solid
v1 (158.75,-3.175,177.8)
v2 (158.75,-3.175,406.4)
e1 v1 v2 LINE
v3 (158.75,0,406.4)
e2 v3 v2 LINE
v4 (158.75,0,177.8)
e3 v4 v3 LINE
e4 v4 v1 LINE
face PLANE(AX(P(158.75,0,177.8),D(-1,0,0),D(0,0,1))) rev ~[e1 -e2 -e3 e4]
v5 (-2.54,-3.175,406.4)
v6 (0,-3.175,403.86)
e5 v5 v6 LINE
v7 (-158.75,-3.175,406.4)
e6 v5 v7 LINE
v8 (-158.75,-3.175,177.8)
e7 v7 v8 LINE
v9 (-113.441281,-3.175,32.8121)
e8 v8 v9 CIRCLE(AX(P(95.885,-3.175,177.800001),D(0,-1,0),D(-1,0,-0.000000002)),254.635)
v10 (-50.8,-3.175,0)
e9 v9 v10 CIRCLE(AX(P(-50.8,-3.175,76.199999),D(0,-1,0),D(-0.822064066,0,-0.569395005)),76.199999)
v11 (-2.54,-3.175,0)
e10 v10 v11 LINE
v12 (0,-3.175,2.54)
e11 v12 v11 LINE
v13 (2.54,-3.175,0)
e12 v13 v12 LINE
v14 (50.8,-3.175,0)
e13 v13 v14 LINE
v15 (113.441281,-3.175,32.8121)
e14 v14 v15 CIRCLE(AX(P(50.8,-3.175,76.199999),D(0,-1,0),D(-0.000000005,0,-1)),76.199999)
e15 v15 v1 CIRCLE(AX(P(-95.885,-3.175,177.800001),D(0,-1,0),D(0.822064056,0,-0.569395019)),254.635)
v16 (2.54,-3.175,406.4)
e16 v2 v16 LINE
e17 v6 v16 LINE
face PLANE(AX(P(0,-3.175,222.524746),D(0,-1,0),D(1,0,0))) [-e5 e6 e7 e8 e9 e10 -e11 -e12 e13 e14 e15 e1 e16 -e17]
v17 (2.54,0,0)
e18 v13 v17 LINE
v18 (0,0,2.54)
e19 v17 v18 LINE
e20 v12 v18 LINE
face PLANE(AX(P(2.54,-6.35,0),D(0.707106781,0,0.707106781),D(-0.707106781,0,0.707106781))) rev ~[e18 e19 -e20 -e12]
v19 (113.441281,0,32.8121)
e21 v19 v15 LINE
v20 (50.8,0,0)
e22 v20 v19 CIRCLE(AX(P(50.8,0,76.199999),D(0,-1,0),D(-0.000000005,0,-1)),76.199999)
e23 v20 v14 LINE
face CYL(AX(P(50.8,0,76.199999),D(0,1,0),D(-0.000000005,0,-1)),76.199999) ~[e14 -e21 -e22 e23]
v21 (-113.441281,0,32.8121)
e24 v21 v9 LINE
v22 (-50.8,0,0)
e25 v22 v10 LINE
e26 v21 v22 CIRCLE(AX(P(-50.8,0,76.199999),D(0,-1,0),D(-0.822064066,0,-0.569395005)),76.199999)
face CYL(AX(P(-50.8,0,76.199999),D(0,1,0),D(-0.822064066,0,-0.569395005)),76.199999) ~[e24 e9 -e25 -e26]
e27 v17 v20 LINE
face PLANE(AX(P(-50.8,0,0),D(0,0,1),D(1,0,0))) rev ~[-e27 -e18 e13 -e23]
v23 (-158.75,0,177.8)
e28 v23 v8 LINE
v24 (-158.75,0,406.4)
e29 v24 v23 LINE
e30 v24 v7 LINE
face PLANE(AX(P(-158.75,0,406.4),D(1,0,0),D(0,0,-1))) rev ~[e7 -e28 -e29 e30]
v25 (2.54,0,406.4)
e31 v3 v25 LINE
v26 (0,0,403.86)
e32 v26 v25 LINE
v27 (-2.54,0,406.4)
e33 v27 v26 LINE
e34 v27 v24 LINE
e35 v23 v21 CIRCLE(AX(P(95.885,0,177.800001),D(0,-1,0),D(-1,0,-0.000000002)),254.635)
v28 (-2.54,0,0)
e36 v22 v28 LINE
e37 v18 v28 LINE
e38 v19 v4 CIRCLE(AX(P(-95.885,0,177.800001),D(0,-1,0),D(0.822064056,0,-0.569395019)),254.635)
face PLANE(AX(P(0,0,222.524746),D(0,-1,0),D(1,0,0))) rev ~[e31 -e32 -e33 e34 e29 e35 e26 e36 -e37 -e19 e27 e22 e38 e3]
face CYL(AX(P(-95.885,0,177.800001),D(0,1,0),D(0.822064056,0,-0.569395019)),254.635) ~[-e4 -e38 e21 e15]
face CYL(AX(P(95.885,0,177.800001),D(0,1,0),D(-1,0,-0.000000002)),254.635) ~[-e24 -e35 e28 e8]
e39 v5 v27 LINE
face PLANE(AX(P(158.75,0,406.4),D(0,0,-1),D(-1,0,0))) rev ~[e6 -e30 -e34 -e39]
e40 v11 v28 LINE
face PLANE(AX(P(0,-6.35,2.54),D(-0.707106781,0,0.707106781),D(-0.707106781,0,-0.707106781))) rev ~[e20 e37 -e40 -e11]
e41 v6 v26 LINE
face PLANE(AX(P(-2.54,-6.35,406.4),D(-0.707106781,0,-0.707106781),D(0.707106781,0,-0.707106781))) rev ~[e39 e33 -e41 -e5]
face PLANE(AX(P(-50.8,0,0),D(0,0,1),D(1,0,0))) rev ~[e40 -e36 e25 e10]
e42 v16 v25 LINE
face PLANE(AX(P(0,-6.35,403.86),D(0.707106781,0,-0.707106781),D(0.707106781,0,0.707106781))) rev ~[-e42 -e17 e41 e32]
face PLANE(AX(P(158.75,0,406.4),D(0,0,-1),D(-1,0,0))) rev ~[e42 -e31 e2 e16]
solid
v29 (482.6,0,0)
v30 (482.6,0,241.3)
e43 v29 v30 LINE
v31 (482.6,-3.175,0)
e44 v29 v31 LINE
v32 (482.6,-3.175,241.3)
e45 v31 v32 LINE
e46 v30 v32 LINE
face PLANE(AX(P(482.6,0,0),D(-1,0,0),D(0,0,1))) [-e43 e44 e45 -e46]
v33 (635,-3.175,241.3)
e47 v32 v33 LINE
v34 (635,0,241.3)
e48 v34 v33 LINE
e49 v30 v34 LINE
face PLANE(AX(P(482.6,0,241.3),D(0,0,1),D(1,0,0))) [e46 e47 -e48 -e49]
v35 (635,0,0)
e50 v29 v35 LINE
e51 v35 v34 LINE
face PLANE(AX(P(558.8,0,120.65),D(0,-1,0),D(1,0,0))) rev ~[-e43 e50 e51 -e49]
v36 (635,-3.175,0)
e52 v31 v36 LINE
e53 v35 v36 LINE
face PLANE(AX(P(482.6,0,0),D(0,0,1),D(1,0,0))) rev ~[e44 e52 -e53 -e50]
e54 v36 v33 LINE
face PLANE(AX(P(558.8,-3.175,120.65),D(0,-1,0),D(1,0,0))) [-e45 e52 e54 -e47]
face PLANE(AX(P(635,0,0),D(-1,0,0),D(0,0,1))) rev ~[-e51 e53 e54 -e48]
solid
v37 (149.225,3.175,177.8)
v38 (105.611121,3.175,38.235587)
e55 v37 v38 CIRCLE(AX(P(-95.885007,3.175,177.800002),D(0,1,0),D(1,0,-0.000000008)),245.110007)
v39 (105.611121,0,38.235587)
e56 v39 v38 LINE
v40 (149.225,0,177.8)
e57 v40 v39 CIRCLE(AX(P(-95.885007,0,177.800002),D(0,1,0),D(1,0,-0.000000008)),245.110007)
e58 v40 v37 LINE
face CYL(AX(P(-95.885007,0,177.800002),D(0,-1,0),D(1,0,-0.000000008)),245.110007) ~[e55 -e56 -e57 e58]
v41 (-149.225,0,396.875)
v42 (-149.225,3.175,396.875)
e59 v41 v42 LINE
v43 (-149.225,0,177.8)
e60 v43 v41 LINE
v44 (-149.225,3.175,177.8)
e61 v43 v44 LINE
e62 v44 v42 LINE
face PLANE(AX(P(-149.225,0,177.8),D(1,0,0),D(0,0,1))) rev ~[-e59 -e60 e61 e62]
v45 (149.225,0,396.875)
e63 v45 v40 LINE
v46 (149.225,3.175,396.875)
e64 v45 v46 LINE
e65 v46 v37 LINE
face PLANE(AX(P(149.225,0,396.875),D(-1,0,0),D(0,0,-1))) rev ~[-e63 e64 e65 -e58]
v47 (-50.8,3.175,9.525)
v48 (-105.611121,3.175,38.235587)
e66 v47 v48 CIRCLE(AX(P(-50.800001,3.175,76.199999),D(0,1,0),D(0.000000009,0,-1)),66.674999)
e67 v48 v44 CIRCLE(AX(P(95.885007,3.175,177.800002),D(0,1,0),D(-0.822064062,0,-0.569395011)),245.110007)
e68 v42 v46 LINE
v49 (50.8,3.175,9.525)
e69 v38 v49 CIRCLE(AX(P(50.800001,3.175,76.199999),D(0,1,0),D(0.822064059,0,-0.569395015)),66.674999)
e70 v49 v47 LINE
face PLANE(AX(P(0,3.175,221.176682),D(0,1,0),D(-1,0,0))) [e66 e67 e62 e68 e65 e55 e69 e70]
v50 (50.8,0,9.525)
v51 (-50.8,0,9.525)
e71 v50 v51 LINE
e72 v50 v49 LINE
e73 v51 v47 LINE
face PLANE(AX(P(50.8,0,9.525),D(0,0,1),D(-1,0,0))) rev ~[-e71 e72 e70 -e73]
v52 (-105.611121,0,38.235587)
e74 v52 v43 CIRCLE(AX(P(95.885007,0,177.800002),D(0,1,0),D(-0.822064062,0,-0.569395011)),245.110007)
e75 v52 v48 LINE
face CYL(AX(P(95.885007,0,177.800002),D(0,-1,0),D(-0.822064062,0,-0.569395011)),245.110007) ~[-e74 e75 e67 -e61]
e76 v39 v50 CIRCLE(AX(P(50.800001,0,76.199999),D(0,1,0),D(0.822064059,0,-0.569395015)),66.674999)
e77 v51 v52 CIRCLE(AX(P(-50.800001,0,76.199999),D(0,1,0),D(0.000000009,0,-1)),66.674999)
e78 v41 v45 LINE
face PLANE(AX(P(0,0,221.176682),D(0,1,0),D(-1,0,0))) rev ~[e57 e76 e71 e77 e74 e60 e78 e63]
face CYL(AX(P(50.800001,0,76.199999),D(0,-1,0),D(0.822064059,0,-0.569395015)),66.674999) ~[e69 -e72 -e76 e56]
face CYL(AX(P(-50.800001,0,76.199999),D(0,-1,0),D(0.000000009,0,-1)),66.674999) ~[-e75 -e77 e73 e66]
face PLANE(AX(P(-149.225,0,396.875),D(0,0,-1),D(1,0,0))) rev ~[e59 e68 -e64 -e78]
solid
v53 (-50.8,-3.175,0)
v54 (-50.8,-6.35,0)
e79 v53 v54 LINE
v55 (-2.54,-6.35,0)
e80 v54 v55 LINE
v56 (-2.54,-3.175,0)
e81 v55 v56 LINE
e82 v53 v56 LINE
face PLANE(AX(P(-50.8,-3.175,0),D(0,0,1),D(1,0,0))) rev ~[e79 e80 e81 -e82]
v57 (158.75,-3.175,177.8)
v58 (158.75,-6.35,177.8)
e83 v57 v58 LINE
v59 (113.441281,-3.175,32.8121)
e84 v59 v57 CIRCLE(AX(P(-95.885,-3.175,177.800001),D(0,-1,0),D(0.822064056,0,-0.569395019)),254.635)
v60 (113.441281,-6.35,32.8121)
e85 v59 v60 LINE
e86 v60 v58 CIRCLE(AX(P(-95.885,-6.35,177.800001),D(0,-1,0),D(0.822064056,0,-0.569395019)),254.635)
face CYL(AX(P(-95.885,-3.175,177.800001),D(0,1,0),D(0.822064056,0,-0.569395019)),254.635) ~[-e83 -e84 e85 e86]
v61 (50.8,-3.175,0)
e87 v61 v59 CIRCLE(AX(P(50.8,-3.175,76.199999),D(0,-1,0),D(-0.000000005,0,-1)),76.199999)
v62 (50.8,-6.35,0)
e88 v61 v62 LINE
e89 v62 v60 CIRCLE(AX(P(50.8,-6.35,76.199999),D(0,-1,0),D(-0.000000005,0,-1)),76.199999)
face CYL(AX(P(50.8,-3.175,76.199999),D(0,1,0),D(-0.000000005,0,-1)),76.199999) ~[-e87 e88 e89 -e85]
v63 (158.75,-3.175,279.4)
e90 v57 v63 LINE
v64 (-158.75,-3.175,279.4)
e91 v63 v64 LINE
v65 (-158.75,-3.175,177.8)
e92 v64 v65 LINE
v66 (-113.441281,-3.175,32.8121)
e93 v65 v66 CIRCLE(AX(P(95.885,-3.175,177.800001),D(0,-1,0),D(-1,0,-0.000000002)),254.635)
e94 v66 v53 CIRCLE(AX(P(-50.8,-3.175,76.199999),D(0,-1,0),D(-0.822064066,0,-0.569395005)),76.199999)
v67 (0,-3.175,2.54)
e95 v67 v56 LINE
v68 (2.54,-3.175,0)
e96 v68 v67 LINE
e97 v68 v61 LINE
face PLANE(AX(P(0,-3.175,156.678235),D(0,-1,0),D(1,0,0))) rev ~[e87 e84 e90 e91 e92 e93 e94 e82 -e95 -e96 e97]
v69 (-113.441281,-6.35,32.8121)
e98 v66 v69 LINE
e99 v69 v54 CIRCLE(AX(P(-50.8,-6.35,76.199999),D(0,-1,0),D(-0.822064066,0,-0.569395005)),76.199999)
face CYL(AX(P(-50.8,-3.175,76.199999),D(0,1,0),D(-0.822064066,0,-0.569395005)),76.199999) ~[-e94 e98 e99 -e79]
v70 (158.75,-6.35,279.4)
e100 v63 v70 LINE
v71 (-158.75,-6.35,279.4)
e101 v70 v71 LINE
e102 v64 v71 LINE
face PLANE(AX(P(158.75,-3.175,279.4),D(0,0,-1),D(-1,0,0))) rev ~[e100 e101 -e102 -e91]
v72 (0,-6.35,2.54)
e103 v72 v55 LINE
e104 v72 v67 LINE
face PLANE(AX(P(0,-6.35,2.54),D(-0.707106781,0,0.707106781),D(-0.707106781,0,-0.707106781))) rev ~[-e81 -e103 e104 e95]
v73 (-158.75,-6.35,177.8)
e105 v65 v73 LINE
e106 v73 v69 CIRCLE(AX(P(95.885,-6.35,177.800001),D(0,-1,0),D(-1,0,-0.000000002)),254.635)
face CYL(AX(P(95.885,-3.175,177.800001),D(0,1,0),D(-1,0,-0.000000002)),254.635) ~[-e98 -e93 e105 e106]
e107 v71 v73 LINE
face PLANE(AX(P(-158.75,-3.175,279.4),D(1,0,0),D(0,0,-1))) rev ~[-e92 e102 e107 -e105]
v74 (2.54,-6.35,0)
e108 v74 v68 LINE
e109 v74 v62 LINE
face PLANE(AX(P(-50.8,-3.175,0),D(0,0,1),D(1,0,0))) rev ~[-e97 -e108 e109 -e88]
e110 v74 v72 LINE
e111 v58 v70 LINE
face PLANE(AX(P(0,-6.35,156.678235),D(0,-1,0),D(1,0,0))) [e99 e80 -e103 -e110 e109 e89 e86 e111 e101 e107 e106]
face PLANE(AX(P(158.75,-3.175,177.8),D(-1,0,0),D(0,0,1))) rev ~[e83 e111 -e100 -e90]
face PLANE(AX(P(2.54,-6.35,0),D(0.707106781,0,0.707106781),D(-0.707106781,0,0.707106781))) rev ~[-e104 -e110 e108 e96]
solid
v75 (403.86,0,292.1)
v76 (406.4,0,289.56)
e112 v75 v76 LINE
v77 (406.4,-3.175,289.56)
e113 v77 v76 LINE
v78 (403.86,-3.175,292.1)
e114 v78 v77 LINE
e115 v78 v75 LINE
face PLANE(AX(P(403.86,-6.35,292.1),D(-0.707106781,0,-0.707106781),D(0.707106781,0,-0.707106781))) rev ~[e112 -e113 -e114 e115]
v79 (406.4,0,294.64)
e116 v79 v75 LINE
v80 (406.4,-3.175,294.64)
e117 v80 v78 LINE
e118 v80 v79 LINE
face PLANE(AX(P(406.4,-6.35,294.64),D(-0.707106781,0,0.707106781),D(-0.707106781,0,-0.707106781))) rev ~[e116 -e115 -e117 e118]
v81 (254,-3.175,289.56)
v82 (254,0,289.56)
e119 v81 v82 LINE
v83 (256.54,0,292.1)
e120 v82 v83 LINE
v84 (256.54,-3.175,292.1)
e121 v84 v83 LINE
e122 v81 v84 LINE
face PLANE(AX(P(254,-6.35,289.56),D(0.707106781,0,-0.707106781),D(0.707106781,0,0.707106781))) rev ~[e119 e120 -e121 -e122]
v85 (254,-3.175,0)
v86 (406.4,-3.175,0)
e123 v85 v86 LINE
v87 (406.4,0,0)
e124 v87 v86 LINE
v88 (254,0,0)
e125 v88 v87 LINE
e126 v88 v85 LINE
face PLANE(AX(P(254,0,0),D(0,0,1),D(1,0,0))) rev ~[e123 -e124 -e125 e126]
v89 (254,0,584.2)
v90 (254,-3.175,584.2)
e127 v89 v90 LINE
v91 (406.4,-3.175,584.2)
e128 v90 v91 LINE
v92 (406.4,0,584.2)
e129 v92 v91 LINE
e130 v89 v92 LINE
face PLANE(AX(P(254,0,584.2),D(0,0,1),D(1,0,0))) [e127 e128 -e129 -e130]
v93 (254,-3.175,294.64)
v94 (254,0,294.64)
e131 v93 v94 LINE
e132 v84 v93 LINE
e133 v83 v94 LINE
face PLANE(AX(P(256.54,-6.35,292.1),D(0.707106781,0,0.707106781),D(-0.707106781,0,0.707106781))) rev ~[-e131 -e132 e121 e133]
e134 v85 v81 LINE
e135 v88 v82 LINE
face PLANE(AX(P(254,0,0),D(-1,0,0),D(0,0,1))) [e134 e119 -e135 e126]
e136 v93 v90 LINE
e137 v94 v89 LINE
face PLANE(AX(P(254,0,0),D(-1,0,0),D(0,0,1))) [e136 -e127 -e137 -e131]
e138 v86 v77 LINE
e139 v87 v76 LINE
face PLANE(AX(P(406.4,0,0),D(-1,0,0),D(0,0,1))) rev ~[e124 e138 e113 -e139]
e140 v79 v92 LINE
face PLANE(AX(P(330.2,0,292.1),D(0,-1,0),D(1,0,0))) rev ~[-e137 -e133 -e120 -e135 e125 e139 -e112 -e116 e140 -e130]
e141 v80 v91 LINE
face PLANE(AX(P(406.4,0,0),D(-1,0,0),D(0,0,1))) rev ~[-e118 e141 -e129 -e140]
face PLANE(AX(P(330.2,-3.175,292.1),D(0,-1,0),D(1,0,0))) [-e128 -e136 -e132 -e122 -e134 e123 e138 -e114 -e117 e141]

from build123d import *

# Parameters (mm, degrees)
F1_DEPTH = 3.175
F3_DEPTH = 3.175
F5_DEPTH = 3.175
F6_W     = 152.4
F6_H     = 584.2
F6_H_2   = 241.3
F7_DEPTH = 3.175
F9_DEPTH = 25.4


with BuildPart() as f1:
    # F0 (on Front) → F1 (new body)
    with BuildSketch(Plane.XZ):
        with BuildLine():
            Line((158.75, 177.8), (158.75, 406.4))
            Line((158.75, 406.4), (-158.75, 406.4))
            Line((-158.75, 406.4), (-158.75, 177.8))
            ThreePointArc((-158.75, 177.8), (-147.159009, 101.848747), (-113.441281, 32.8121))
            ThreePointArc((-113.441281, 32.8121), (-86.157333, 8.699637), (-50.8, 0))
            Line((-50.8, 0), (0, 0))
            Line((0, 0), (50.8, 0))
            ThreePointArc((50.8, 0), (86.157333, 8.699637), (113.441281, 32.8121))
            ThreePointArc((113.441281, 32.8121), (147.159009, 101.848747), (158.75, 177.8))
        make_face()
    extrude(amount=F1_DEPTH)


with BuildPart() as f3:
    # F2 (on face) → F3 (new body)
    with BuildSketch(Plane.XZ.offset(3.175)):
        with BuildLine():
            Line((-158.75, 279.4), (-158.75, 177.8))
            ThreePointArc((-158.75, 177.8), (-147.159009, 101.848747), (-113.441281, 32.8121))
            ThreePointArc((-113.441281, 32.8121), (-86.157333, 8.699637), (-50.8, 0))
            Line((-50.8, 0), (50.8, 0))
            ThreePointArc((50.8, 0), (86.157333, 8.699637), (113.441281, 32.8121))
            ThreePointArc((113.441281, 32.8121), (147.159009, 101.848747), (158.75, 177.8))
            Line((158.75, 177.8), (158.75, 279.4))
            Line((158.75, 279.4), (-158.75, 279.4))
        make_face()
    extrude(amount=F3_DEPTH)


with BuildPart() as f5:
    # F4 (on face) → F5 (new body)
    with BuildSketch(Plane(origin=(0, 0, 0), x_dir=(-1, 0, 0), z_dir=(0, 1, 0))):
        with BuildLine():
            Line((-50.8, 9.525), (50.8, 9.525))
            ThreePointArc((50.8, 9.525), (81.737666, 17.137182), (105.611121, 38.235587))
            ThreePointArc((105.611121, 38.235587), (138.067587, 104.689816), (149.225, 177.8))
            Line((149.225, 177.8), (149.225, 396.875))
            Line((149.225, 396.875), (-149.225, 396.875))
            Line((-149.225, 396.875), (-149.225, 177.8))
            ThreePointArc((-149.225, 177.8), (-138.067587, 104.689816), (-105.611121, 38.235587))
            ThreePointArc((-105.611121, 38.235587), (-81.737666, 17.137182), (-50.8, 9.525))
        make_face()
    extrude(amount=F5_DEPTH)


with BuildPart() as f7:
    # F6 (on Front) → F7 (new body)
    with BuildSketch(Plane.XZ):
        with Locations((330.2, 292.1)):
            Rectangle(F6_W, F6_H)
        with Locations((558.8, 120.65)):
            Rectangle(F6_W, F6_H_2)
    extrude(amount=F7_DEPTH)


with BuildPart() as f9_tool:
    # F8 (on face) → F9 (new body)
    with BuildSketch(Plane.XZ.offset(6.35)):
        Polygon((0, 2.54), (-2.54, 0), (2.54, 0), align=None)
        Polygon((406.4, 289.56), (406.4, 294.64), (403.86, 292.1), align=None)
        Polygon((256.54, 292.1), (254, 294.64), (254, 289.56), align=None)
        Polygon((2.54, 406.4), (-2.54, 406.4), (0, 403.86), align=None)
    extrude(amount=-F9_DEPTH)


with BuildPart() as f1_1:
    add(f1.part)

    # F9: cut by f9_tool
    add(f9_tool.part, mode=Mode.SUBTRACT)


with BuildPart() as f3_1:
    add(f3.part)

    # F9: cut by f9_tool
    add(f9_tool.part, mode=Mode.SUBTRACT)


with BuildPart() as f7_1:
    add(f7.part)

    # F9: cut by f9_tool
    add(f9_tool.part, mode=Mode.SUBTRACT)


solid = Compound([f5.part, f1_1.part, f3_1.part, f7_1.part])
